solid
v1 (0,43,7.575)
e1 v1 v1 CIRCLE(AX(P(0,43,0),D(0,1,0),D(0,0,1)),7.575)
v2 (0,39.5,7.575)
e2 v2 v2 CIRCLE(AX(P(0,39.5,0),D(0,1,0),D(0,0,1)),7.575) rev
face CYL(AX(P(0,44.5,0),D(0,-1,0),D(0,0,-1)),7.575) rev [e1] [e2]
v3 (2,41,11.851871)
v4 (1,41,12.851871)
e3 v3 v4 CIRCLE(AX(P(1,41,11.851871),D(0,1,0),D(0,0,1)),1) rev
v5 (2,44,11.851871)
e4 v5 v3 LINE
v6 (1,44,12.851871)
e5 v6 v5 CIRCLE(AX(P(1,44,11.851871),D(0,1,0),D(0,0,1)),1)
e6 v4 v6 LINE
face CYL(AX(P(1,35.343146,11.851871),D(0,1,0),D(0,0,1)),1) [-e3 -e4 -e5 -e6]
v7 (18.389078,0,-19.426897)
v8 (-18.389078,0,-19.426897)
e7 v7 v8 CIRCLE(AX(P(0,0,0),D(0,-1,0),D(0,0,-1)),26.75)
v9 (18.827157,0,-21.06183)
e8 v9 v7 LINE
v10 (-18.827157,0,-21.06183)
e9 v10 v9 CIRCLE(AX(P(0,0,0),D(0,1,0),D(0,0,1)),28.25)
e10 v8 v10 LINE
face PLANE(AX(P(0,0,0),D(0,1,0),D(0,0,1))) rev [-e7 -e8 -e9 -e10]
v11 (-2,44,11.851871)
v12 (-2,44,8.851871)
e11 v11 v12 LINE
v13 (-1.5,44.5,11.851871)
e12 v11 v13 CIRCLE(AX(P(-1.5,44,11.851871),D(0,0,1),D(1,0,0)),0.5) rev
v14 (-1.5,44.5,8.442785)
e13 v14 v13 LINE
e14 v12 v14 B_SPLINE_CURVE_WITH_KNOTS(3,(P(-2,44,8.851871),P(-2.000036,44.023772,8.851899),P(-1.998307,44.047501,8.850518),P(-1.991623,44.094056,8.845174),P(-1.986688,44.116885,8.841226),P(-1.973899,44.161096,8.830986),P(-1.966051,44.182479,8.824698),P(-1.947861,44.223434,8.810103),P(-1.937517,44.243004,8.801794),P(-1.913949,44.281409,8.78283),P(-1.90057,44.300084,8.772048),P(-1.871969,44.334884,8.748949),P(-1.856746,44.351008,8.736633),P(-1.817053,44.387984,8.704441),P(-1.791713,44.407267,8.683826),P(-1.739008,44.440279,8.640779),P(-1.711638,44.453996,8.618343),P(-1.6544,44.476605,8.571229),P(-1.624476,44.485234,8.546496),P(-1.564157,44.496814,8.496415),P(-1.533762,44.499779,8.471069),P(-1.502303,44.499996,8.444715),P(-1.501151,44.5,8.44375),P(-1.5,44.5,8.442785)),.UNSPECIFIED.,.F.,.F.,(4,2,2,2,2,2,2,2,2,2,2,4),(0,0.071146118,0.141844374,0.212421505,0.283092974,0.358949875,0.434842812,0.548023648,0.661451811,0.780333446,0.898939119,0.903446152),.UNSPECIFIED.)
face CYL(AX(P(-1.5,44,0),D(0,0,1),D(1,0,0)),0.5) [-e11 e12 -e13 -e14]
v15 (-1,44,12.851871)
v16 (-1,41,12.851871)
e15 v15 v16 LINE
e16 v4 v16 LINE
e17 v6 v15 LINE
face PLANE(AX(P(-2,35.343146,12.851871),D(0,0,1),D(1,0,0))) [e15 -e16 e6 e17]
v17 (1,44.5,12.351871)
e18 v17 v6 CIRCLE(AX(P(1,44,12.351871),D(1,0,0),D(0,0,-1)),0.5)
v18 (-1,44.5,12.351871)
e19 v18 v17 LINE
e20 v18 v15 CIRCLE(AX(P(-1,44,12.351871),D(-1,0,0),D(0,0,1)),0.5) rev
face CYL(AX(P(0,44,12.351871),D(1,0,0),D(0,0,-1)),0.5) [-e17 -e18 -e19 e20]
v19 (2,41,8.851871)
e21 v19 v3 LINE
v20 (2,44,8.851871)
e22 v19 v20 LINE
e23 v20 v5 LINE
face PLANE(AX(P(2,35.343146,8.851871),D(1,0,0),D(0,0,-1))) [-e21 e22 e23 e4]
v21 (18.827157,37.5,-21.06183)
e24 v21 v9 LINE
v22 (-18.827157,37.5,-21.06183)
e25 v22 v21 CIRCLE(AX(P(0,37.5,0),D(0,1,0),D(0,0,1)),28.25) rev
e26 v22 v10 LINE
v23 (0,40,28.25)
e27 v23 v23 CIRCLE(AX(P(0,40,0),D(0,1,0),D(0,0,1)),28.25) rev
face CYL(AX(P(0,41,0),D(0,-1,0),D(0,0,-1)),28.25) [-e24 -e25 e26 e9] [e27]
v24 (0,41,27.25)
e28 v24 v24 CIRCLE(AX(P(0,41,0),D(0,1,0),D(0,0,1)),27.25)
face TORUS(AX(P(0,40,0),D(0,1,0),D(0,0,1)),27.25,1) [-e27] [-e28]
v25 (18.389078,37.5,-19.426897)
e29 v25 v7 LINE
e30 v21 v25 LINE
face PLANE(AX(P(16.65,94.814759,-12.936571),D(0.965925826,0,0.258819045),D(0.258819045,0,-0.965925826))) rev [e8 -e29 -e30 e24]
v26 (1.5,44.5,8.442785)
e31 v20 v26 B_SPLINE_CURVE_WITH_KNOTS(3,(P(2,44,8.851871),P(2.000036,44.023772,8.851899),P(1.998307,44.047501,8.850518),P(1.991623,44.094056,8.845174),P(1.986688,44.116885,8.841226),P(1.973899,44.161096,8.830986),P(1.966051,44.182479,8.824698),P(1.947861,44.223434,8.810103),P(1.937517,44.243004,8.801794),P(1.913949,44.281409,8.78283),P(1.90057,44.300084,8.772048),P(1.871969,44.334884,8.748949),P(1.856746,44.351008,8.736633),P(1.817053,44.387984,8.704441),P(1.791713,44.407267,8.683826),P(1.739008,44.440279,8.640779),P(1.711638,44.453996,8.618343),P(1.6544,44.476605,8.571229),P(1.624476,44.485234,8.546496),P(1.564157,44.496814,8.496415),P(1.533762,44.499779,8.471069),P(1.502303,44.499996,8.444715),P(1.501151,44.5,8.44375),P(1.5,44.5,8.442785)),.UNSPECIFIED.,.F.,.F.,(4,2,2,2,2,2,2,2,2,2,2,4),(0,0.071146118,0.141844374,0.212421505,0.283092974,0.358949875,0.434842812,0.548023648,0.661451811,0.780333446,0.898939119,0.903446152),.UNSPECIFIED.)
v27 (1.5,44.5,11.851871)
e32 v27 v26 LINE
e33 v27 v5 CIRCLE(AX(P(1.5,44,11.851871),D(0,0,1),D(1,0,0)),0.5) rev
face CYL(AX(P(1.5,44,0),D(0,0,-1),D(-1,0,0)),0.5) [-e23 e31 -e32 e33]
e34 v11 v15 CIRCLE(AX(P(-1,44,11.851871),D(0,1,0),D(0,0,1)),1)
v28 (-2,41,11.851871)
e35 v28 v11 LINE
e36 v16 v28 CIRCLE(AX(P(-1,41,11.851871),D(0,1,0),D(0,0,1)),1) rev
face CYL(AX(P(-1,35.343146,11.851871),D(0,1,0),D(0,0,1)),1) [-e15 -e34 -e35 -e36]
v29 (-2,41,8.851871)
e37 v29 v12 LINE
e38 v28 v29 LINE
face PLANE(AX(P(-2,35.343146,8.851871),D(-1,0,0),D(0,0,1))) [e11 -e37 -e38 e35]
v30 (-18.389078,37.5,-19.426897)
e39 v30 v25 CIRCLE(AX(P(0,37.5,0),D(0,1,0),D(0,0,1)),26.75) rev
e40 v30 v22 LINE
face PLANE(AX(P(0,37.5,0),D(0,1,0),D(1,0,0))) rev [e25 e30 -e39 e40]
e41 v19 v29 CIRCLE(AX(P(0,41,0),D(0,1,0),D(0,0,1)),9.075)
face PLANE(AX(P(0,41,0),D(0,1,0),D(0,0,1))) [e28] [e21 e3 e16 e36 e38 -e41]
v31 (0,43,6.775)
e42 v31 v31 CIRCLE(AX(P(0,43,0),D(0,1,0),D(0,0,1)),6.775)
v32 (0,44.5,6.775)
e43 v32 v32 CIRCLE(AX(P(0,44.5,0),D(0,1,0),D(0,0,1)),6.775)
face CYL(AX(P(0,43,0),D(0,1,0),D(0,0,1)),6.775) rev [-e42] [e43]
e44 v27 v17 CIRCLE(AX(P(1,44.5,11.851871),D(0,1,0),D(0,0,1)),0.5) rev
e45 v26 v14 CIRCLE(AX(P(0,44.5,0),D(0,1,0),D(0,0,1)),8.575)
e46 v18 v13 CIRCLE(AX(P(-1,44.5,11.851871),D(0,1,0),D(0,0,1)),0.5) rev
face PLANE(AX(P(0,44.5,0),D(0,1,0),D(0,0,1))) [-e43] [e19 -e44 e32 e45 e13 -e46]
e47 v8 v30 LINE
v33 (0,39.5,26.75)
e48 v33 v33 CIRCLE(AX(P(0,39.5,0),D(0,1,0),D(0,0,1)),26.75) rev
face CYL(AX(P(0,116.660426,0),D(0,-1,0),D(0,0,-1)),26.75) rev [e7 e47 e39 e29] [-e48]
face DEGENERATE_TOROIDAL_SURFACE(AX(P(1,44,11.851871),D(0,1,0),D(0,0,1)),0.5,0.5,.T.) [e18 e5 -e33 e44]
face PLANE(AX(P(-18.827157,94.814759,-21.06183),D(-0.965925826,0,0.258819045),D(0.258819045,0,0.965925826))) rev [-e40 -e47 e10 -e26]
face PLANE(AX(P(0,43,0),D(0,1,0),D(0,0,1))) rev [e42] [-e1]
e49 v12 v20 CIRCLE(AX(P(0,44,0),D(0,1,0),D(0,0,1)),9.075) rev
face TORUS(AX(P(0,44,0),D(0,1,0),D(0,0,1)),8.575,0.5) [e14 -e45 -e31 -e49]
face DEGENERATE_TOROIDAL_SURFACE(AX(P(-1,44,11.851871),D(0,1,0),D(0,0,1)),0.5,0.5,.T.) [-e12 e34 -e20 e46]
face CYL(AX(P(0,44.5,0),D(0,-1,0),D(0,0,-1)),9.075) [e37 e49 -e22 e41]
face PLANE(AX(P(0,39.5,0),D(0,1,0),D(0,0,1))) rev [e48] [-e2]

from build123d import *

# Parameters (mm, degrees)
SKETCH1_R           = 28.25
BOSS_EXTRUDE1_DEPTH = 41
SKETCH2_R           = 26.75
CUT_EXTRUDE1_DEPTH  = 39.5
SKETCH3_R           = 9.075
SKETCH3_R_2         = 7.575
BOSS_EXTRUDE2_DEPTH = 3.5
SKETCH4_R           = 9.075
SKETCH4_R_2         = 6.775
BOSS_EXTRUDE3_DEPTH = 1.5
SKETCH5_R           = 7.575
CUT_EXTRUDE2_DEPTH  = 1.5
SKETCH6_W           = 4
SKETCH6_H           = 4
BOSS_EXTRUDE4_DEPTH = 3.5
CUT_EXTRUDE3_DEPTH  = 37.5
FILLET1_R           = 1
FILLET1_2_R         = 0.5


with BuildPart() as part:
    # Sketch1 → Boss-Extrude1 (new body)
    with BuildSketch(Plane(origin=(0, 0, 0), x_dir=(1, 0, 0), z_dir=(0, 1, 0))):
        Circle(SKETCH1_R)
    extrude(amount=BOSS_EXTRUDE1_DEPTH)

    # Sketch2 → Cut-Extrude1 (cut)
    with BuildSketch(Plane.XZ):
        Circle(SKETCH2_R)
    extrude(amount=-CUT_EXTRUDE1_DEPTH, mode=Mode.SUBTRACT)

    # Sketch3 → Boss-Extrude2 (add)
    with BuildSketch(Plane(origin=(0, 41, 0), x_dir=(1, 0, 0), z_dir=(0, 1, 0))):
        Circle(SKETCH3_R)
        Circle(SKETCH3_R_2, mode=Mode.SUBTRACT)
    extrude(amount=BOSS_EXTRUDE2_DEPTH)

    # Sketch4 → Boss-Extrude3 (add)
    with BuildSketch(Plane(origin=(0, 44.5, 0), x_dir=(1, 0, 0), z_dir=(0, 1, 0))):
        Circle(SKETCH4_R)
        Circle(SKETCH4_R_2, mode=Mode.SUBTRACT)
    extrude(amount=-BOSS_EXTRUDE3_DEPTH)

    # Sketch5 → Cut-Extrude2 (cut)
    with BuildSketch(Plane(origin=(0, 41, 0), x_dir=(1, 0, 0), z_dir=(0, 1, 0))):
        Circle(SKETCH5_R)
    extrude(amount=-CUT_EXTRUDE2_DEPTH, mode=Mode.SUBTRACT)

    # Sketch6 → Boss-Extrude4 (add)
    with BuildSketch(Plane(origin=(0, 44.5, 0), x_dir=(1, 0, 0), z_dir=(0, 1, 0))):
        with Locations((0, -10.851871271)):
            Rectangle(SKETCH6_W, SKETCH6_H)
    extrude(amount=-BOSS_EXTRUDE4_DEPTH)

    # Sketch8 → Cut-Extrude3 (cut)
    with BuildSketch(Plane.XZ):
        with BuildLine():
            Line((-18.827156573, -21.06182982), (-16.65, -12.936570875))
            Line((-16.65, -12.936570875), (-16.65, 12.95))
            Line((-16.65, 12.95), (16.65, 12.95))
            Line((16.65, 12.95), (16.65, -12.936570875))
            Line((16.65, -12.936570875), (18.827156573, -21.06182982))
            ThreePointArc((18.827156573, -21.06182982), (0, -28.25), (-18.827156573, -21.06182982))
        make_face()
    extrude(amount=-CUT_EXTRUDE3_DEPTH, mode=Mode.SUBTRACT)

    # Fillet1
    fillet1_edges = [part.edges().sort_by_distance(p)[0] for p in [
        (-2, 42.75, 12.851871271),
        (2, 42.75, 12.851871271),
        (-28.25, 41, 0),
    ]]
    fillet(fillet1_edges, radius=FILLET1_R)

    # Fillet1 2
    fillet1_2_edges = [part.edges().sort_by_distance(p)[0] for p in [
        (0, 44.5, -9.075),
        (-2, 44.5, 10.851871271),
        (0, 44.5, 12.851871271),
        (2, 44.5, 10.851871271),
    ]]
    fillet(fillet1_2_edges, radius=FILLET1_2_R)


solid = part.part
